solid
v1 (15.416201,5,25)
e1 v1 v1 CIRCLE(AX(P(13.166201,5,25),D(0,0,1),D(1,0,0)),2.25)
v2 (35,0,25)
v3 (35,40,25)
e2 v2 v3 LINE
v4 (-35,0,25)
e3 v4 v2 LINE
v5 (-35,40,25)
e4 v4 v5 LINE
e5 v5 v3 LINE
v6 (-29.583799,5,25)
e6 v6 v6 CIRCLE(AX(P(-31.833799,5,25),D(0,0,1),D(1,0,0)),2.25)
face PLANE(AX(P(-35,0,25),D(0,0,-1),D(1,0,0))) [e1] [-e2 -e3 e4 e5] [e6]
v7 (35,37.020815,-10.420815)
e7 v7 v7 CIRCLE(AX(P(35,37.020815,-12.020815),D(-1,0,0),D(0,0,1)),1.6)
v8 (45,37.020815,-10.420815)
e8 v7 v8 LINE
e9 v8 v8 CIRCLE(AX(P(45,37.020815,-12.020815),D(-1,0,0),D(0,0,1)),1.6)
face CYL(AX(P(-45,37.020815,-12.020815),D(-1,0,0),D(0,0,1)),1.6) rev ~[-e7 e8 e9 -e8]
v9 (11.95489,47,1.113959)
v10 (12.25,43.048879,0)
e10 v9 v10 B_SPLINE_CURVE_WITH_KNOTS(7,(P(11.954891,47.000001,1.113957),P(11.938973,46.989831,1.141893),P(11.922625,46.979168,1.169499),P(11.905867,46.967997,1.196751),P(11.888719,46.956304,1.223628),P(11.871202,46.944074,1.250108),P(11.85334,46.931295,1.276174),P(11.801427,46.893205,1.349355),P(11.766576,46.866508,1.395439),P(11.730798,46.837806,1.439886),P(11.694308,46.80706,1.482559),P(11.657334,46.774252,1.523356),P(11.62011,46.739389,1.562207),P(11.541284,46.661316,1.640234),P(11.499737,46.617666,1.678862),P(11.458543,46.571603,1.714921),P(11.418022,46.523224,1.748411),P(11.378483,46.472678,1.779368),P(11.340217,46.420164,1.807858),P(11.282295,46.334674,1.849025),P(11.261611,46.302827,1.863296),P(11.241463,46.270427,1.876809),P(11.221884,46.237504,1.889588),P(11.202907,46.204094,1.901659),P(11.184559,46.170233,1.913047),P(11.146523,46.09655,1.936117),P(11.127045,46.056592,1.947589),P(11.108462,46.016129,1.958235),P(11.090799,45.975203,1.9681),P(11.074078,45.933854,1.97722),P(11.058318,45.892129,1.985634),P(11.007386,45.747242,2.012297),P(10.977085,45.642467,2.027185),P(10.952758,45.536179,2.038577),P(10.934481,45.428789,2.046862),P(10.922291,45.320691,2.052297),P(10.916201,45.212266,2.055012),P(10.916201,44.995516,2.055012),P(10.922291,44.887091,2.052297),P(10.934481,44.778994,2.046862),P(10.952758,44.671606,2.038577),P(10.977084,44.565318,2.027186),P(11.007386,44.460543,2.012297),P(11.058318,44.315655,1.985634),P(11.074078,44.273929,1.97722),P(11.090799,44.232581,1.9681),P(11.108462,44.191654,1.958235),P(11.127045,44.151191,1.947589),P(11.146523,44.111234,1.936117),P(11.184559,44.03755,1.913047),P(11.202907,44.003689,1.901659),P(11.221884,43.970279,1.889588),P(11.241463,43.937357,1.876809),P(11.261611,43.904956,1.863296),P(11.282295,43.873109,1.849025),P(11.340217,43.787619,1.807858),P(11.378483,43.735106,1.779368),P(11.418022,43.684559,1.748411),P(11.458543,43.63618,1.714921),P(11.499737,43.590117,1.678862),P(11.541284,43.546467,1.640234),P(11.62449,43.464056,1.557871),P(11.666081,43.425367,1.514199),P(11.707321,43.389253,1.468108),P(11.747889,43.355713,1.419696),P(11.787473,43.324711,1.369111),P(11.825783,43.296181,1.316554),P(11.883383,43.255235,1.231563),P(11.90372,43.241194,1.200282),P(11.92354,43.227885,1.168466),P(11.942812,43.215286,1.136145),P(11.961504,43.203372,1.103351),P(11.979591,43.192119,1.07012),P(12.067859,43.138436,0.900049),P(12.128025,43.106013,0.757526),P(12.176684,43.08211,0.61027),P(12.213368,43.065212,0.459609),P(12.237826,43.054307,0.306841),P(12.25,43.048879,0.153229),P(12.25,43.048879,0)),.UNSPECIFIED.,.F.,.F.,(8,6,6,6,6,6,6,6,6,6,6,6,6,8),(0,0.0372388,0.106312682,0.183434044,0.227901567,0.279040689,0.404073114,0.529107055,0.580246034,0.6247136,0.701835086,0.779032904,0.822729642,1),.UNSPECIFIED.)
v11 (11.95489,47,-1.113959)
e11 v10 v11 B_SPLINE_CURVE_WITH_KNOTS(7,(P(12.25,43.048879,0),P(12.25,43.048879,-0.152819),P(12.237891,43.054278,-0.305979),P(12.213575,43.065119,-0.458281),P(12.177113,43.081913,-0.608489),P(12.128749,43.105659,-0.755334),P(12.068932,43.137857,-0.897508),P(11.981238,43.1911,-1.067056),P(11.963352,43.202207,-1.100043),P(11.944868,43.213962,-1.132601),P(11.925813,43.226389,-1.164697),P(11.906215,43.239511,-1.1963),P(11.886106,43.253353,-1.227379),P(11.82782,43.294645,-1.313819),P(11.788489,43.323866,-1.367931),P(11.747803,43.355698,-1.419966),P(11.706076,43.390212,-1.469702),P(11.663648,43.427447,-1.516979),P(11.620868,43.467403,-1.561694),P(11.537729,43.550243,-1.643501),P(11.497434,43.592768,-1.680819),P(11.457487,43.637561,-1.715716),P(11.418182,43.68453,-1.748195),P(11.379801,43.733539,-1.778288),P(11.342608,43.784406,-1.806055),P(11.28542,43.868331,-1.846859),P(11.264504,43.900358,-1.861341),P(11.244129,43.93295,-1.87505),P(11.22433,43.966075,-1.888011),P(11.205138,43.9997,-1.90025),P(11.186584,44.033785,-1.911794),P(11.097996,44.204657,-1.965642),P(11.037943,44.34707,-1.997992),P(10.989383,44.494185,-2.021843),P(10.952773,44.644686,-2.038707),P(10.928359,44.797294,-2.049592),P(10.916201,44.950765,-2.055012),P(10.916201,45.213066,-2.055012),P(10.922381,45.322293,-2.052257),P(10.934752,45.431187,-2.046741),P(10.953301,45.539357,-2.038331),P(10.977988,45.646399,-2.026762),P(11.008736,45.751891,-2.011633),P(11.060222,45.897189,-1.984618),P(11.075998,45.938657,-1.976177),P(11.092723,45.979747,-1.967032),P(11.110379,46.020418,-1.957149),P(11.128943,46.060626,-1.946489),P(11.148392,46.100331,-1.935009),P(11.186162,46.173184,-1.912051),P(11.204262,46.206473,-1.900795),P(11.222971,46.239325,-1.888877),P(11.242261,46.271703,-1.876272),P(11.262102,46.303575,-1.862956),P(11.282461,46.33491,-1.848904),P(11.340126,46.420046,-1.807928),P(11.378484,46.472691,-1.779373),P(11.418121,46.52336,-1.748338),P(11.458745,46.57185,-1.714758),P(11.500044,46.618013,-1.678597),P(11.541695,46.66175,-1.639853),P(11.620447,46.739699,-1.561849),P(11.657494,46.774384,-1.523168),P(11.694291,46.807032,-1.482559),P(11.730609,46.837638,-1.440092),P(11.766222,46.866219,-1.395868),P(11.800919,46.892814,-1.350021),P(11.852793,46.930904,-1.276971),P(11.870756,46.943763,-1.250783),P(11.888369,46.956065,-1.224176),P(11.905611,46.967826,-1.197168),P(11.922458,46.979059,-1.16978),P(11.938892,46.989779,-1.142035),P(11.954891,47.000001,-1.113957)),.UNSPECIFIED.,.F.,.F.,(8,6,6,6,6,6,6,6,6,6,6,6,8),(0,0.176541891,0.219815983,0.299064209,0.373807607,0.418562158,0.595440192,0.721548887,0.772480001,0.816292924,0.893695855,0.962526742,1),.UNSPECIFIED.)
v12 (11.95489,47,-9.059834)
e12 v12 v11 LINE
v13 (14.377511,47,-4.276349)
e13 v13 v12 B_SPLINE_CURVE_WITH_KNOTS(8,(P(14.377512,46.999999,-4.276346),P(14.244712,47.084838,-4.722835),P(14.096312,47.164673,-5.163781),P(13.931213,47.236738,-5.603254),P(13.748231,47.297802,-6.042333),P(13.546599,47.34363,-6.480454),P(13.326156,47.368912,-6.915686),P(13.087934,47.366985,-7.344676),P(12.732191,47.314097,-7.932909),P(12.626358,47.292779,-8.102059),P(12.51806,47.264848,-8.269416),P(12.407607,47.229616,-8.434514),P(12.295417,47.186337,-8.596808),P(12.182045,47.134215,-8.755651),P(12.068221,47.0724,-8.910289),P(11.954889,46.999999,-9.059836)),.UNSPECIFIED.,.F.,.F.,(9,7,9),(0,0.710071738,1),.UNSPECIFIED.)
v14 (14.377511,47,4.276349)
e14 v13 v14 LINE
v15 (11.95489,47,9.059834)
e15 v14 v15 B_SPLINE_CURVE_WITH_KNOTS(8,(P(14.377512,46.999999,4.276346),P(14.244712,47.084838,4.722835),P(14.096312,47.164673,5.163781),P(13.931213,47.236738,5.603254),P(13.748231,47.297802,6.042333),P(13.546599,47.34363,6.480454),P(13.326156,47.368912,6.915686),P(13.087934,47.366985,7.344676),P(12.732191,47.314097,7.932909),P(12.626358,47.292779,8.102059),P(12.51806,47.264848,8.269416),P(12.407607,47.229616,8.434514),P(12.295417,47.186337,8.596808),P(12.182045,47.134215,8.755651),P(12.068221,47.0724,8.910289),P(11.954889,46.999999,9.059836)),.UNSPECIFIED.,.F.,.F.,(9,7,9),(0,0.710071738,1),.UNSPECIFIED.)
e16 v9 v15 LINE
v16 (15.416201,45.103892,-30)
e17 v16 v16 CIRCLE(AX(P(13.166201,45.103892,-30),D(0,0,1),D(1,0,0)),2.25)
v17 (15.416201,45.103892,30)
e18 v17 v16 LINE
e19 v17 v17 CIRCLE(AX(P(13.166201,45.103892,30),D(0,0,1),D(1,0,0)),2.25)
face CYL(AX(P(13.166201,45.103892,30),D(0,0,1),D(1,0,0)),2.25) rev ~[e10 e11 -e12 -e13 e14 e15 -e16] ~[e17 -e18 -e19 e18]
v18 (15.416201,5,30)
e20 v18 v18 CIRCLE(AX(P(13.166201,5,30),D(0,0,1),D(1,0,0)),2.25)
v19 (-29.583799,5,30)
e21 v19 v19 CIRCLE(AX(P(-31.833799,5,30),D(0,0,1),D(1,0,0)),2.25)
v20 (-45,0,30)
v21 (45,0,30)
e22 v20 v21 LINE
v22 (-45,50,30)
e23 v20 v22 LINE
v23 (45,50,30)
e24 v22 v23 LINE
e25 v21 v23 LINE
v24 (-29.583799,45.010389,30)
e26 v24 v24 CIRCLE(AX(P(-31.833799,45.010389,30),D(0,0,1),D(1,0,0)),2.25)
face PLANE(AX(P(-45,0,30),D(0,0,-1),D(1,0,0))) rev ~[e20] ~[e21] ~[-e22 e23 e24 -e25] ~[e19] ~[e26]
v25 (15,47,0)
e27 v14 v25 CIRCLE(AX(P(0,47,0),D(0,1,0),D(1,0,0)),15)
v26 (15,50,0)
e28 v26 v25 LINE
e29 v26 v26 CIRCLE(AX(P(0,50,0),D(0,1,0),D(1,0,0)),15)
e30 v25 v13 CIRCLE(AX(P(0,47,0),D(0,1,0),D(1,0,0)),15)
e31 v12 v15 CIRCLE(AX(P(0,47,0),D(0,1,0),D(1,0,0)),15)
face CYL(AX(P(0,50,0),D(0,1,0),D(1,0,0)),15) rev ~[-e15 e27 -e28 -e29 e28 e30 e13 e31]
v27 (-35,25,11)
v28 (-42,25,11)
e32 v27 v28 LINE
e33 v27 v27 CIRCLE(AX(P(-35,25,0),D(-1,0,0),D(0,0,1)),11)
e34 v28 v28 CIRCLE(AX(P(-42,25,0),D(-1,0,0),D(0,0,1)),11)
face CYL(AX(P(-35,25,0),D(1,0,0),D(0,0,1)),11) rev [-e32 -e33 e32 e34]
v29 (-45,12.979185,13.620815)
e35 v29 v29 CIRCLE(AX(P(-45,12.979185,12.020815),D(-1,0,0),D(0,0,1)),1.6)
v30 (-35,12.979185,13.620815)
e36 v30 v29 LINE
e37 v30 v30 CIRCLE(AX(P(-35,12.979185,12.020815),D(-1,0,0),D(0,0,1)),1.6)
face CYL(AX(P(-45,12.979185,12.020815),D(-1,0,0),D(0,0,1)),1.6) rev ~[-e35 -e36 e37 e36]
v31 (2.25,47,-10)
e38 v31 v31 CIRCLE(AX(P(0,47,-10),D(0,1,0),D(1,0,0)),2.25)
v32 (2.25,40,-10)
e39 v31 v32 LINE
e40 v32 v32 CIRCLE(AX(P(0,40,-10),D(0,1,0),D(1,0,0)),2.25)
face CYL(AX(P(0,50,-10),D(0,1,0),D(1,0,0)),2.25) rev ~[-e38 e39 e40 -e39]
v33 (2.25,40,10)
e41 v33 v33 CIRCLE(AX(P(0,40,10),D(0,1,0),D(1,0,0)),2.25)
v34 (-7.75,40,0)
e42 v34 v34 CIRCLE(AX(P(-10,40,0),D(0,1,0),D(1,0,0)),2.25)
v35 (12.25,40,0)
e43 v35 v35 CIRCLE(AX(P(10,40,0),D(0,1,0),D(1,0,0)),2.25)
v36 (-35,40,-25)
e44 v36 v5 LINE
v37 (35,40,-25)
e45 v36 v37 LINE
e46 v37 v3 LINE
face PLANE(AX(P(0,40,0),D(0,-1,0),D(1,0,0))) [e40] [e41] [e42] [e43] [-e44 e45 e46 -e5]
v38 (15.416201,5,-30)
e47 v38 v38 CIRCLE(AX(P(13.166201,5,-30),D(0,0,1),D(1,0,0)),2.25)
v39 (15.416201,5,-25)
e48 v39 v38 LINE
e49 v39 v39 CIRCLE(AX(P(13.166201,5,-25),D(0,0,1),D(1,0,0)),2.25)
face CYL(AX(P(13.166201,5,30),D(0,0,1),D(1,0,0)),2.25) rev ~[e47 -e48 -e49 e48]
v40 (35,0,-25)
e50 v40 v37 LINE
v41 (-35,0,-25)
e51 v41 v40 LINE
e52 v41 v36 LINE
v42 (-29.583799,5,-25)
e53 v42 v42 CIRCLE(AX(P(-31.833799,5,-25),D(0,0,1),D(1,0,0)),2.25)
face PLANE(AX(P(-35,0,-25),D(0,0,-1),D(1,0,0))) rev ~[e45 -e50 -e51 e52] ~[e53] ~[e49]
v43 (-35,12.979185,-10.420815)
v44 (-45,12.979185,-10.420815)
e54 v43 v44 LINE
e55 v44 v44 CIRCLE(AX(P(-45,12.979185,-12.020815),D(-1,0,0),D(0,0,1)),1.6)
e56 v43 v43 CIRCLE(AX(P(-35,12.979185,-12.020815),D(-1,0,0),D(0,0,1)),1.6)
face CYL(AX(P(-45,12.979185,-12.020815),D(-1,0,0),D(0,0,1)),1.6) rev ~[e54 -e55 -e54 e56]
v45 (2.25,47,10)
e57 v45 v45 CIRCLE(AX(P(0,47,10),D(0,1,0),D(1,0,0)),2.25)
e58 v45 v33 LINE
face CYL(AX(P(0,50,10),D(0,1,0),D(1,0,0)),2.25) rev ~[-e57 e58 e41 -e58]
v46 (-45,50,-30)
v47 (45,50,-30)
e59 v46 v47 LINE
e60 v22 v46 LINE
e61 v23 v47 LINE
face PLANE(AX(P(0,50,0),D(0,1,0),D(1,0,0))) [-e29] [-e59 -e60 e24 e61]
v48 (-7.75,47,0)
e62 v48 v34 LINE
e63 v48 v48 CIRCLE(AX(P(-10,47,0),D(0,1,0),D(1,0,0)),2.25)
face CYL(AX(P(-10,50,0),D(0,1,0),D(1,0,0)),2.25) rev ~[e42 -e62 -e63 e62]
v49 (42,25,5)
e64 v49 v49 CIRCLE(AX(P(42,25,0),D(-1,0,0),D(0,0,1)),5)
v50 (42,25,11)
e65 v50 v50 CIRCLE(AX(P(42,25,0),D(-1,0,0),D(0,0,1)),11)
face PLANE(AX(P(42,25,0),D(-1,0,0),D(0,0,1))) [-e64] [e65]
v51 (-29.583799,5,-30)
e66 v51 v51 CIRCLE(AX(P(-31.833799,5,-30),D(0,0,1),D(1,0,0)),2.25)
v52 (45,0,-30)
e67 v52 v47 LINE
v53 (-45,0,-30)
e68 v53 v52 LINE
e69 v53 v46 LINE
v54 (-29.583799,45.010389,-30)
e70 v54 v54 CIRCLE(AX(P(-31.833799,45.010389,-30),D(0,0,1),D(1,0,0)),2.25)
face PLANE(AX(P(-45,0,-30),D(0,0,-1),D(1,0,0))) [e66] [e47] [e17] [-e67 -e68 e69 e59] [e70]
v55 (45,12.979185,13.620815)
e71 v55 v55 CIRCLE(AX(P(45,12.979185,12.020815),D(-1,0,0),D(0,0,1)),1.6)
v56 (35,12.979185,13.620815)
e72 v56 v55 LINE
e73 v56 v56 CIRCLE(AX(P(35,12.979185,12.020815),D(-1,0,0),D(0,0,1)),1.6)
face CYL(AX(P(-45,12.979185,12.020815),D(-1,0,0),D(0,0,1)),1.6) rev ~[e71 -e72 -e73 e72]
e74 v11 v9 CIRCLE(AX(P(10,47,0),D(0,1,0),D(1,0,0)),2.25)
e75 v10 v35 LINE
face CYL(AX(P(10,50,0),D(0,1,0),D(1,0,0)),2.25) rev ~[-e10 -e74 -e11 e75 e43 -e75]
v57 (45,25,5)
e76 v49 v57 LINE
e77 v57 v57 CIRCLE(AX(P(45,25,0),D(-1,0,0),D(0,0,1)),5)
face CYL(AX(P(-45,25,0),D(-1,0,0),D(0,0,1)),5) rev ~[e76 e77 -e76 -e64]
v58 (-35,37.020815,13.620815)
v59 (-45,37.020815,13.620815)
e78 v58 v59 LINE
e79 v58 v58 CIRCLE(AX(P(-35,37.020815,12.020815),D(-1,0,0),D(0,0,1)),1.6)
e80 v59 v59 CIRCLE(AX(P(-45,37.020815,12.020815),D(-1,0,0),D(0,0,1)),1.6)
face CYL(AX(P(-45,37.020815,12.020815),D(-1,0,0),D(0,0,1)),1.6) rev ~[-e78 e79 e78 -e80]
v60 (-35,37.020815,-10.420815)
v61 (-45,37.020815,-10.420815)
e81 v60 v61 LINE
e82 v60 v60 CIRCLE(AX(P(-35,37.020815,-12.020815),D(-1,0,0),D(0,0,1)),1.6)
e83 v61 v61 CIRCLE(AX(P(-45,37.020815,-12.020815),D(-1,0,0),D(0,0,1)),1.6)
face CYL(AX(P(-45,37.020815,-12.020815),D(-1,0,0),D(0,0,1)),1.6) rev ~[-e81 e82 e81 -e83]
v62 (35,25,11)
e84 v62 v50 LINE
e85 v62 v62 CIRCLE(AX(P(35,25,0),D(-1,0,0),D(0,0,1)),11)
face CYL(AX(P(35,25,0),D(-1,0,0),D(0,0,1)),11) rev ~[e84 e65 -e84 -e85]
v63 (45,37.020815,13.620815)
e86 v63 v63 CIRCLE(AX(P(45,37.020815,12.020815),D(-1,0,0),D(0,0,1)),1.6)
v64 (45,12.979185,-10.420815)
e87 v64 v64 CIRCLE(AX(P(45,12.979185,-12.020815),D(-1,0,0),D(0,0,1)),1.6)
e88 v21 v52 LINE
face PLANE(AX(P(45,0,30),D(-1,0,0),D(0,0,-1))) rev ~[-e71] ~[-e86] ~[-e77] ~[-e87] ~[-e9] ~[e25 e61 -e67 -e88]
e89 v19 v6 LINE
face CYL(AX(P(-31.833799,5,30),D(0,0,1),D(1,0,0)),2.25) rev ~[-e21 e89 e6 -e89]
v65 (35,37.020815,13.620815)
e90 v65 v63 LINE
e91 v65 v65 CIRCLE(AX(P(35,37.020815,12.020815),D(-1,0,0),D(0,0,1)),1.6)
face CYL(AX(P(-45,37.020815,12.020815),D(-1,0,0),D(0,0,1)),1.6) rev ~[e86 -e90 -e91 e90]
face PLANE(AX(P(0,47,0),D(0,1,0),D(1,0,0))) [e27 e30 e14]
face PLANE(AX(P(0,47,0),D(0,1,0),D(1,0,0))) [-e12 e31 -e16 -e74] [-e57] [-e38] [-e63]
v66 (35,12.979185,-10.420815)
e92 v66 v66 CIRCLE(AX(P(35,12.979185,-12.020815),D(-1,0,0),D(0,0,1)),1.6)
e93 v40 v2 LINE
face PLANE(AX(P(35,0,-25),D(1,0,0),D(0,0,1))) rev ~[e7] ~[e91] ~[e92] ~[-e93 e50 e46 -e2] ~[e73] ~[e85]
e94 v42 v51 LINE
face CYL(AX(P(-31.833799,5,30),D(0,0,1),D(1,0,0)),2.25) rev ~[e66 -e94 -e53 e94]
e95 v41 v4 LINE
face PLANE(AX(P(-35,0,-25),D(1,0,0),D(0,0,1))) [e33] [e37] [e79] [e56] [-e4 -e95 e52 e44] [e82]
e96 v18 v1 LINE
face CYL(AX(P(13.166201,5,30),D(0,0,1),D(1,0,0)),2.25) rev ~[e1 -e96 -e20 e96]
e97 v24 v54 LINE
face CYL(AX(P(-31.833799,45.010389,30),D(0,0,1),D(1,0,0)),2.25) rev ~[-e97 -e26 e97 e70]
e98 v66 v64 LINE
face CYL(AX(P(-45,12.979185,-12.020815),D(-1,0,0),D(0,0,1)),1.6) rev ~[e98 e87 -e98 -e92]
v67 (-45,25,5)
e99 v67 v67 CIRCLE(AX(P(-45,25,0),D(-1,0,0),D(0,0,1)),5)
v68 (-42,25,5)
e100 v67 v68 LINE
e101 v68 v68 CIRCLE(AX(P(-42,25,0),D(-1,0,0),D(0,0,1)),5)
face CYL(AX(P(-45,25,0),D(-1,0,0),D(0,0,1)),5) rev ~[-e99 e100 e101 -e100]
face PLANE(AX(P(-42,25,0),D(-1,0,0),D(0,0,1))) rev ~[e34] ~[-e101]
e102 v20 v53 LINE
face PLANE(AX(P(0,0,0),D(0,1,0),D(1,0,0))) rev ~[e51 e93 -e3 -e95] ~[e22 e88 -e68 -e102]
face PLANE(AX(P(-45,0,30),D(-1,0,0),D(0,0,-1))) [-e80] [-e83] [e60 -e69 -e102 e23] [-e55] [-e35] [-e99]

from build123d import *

# Parameters (mm, degrees)
SKETCH1_W           = 90
SKETCH1_H           = 60
BOSS_EXTRUDE1_DEPTH = 50
SKETCH2_W           = 70
SKETCH2_H           = 50
CUT_EXTRUDE1_DEPTH  = 40
CUT_EXTRUDE3_START  = 50
SKETCH1_5_R         = 2.25
CUT_EXTRUDE3_DEPTH  = 40
CUT_EXTRUDE4_START  = 50
SKETCH1_6_R         = 15
SKETCH1_6_R_2       = 2.25
CUT_EXTRUDE4_DEPTH  = 3
SKETCH3_R           = 5
CUT_EXTRUDE5_DEPTH  = 91
CUT_EXTRUDE7_START  = -10
SKETCH3_3_R         = 11
SKETCH3_3_R_2       = 5
SKETCH3_3_R_3       = 1.6
CUT_EXTRUDE7_DEPTH  = 7
CUT_EXTRUDE8_START  = -80
SKETCH3_4_R         = 11
SKETCH3_4_R_2       = 5
SKETCH3_4_R_3       = 1.6
CUT_EXTRUDE8_DEPTH  = 7
SKETCH3_5_R         = 1.6
CUT_EXTRUDE9_DEPTH  = 91
SKETCH4_R           = 2.25
CUT_EXTRUDE10_DEPTH = 60


with BuildPart() as part:
    # Sketch1 → Boss-Extrude1 (new body)
    with BuildSketch(Plane(origin=(0, 0, 0), x_dir=(1, 0, 0), z_dir=(0, 1, 0))):
        Rectangle(SKETCH1_W, SKETCH1_H)
    extrude(amount=BOSS_EXTRUDE1_DEPTH)

    # Sketch2 → Cut-Extrude1 (cut)
    with BuildSketch(Plane.XZ):
        Rectangle(SKETCH2_W, SKETCH2_H)
    extrude(amount=-CUT_EXTRUDE1_DEPTH, mode=Mode.SUBTRACT)

    # Sketch1<5> → Cut-Extrude3 (cut)
    with BuildSketch(Plane(origin=(0, 0, 0), x_dir=(1, 0, 0), z_dir=(0, 1, 0)).offset(CUT_EXTRUDE3_START)):
        with Locations((0, -10)):
            Circle(SKETCH1_5_R)
        with Locations((-10, 0)):
            Circle(SKETCH1_5_R)
        with Locations((0, 10)):
            Circle(SKETCH1_5_R)
        with Locations((10, 0)):
            Circle(SKETCH1_5_R)
    extrude(amount=-CUT_EXTRUDE3_DEPTH, mode=Mode.SUBTRACT)

    # Sketch1<6> → Cut-Extrude4 (cut)
    with BuildSketch(Plane(origin=(0, 0, 0), x_dir=(1, 0, 0), z_dir=(0, 1, 0)).offset(CUT_EXTRUDE4_START)):
        Circle(SKETCH1_6_R)
        with Locations((-10, 0)):
            Circle(SKETCH1_6_R_2, mode=Mode.SUBTRACT)
        with Locations((0, -10)):
            Circle(SKETCH1_6_R_2, mode=Mode.SUBTRACT)
        with Locations((10, 0)):
            Circle(SKETCH1_6_R_2, mode=Mode.SUBTRACT)
        with Locations((0, 10)):
            Circle(SKETCH1_6_R_2, mode=Mode.SUBTRACT)
    extrude(amount=-CUT_EXTRUDE4_DEPTH, mode=Mode.SUBTRACT)

    # Sketch3 → Cut-Extrude5 (cut, through all)
    with BuildSketch(Plane.ZY.offset(45)):
        with Locations((0, 25)):
            Circle(SKETCH3_R)
    extrude(amount=-CUT_EXTRUDE5_DEPTH, mode=Mode.SUBTRACT)

    # Sketch3<3> → Cut-Extrude7 (cut)
    with BuildSketch(Plane.ZY.offset(45).offset(CUT_EXTRUDE7_START)):
        with Locations((0, 25)):
            Circle(SKETCH3_3_R)
        with Locations((0, 25)):
            Circle(SKETCH3_3_R_2, mode=Mode.SUBTRACT)
        with Locations((-12.02081528, 37.02081528)):
            Circle(SKETCH3_3_R_3)
        with Locations((12.02081528, 37.02081528)):
            Circle(SKETCH3_3_R_3)
        with Locations((12.02081528, 12.97918472)):
            Circle(SKETCH3_3_R_3)
        with Locations((-12.02081528, 12.97918472)):
            Circle(SKETCH3_3_R_3)
    extrude(amount=CUT_EXTRUDE7_DEPTH, mode=Mode.SUBTRACT)

    # Sketch3<4> → Cut-Extrude8 (cut)
    with BuildSketch(Plane.ZY.offset(45).offset(CUT_EXTRUDE8_START)):
        with Locations((0, 25)):
            Circle(SKETCH3_4_R)
        with Locations((0, 25)):
            Circle(SKETCH3_4_R_2, mode=Mode.SUBTRACT)
        with Locations((-12.02081528, 37.02081528)):
            Circle(SKETCH3_4_R_3)
        with Locations((12.02081528, 37.02081528)):
            Circle(SKETCH3_4_R_3)
        with Locations((12.02081528, 12.97918472)):
            Circle(SKETCH3_4_R_3)
        with Locations((-12.02081528, 12.97918472)):
            Circle(SKETCH3_4_R_3)
    extrude(amount=-CUT_EXTRUDE8_DEPTH, mode=Mode.SUBTRACT)

    # Sketch3<5> → Cut-Extrude9 (cut, through all)
    with BuildSketch(Plane.ZY.offset(45)):
        with Locations((-12.02081528, 37.02081528)):
            Circle(SKETCH3_5_R)
        with Locations((12.02081528, 37.02081528)):
            Circle(SKETCH3_5_R)
        with Locations((12.02081528, 12.97918472)):
            Circle(SKETCH3_5_R)
        with Locations((-12.02081528, 12.97918472)):
            Circle(SKETCH3_5_R)
    extrude(amount=-CUT_EXTRUDE9_DEPTH, mode=Mode.SUBTRACT)

    # Sketch4 → Cut-Extrude10 (cut)
    with BuildSketch(Plane.XY.offset(30)):
        with Locations((-31.833799112, 5)):
            Circle(SKETCH4_R)
        with Locations((-31.833799112, 45.010389169)):
            Circle(SKETCH4_R)
        with Locations((13.166200888, 5)):
            Circle(SKETCH4_R)
        with Locations((13.166200888, 45.10389169)):
            Circle(SKETCH4_R)
    extrude(amount=-CUT_EXTRUDE10_DEPTH, mode=Mode.SUBTRACT)


solid = part.part
